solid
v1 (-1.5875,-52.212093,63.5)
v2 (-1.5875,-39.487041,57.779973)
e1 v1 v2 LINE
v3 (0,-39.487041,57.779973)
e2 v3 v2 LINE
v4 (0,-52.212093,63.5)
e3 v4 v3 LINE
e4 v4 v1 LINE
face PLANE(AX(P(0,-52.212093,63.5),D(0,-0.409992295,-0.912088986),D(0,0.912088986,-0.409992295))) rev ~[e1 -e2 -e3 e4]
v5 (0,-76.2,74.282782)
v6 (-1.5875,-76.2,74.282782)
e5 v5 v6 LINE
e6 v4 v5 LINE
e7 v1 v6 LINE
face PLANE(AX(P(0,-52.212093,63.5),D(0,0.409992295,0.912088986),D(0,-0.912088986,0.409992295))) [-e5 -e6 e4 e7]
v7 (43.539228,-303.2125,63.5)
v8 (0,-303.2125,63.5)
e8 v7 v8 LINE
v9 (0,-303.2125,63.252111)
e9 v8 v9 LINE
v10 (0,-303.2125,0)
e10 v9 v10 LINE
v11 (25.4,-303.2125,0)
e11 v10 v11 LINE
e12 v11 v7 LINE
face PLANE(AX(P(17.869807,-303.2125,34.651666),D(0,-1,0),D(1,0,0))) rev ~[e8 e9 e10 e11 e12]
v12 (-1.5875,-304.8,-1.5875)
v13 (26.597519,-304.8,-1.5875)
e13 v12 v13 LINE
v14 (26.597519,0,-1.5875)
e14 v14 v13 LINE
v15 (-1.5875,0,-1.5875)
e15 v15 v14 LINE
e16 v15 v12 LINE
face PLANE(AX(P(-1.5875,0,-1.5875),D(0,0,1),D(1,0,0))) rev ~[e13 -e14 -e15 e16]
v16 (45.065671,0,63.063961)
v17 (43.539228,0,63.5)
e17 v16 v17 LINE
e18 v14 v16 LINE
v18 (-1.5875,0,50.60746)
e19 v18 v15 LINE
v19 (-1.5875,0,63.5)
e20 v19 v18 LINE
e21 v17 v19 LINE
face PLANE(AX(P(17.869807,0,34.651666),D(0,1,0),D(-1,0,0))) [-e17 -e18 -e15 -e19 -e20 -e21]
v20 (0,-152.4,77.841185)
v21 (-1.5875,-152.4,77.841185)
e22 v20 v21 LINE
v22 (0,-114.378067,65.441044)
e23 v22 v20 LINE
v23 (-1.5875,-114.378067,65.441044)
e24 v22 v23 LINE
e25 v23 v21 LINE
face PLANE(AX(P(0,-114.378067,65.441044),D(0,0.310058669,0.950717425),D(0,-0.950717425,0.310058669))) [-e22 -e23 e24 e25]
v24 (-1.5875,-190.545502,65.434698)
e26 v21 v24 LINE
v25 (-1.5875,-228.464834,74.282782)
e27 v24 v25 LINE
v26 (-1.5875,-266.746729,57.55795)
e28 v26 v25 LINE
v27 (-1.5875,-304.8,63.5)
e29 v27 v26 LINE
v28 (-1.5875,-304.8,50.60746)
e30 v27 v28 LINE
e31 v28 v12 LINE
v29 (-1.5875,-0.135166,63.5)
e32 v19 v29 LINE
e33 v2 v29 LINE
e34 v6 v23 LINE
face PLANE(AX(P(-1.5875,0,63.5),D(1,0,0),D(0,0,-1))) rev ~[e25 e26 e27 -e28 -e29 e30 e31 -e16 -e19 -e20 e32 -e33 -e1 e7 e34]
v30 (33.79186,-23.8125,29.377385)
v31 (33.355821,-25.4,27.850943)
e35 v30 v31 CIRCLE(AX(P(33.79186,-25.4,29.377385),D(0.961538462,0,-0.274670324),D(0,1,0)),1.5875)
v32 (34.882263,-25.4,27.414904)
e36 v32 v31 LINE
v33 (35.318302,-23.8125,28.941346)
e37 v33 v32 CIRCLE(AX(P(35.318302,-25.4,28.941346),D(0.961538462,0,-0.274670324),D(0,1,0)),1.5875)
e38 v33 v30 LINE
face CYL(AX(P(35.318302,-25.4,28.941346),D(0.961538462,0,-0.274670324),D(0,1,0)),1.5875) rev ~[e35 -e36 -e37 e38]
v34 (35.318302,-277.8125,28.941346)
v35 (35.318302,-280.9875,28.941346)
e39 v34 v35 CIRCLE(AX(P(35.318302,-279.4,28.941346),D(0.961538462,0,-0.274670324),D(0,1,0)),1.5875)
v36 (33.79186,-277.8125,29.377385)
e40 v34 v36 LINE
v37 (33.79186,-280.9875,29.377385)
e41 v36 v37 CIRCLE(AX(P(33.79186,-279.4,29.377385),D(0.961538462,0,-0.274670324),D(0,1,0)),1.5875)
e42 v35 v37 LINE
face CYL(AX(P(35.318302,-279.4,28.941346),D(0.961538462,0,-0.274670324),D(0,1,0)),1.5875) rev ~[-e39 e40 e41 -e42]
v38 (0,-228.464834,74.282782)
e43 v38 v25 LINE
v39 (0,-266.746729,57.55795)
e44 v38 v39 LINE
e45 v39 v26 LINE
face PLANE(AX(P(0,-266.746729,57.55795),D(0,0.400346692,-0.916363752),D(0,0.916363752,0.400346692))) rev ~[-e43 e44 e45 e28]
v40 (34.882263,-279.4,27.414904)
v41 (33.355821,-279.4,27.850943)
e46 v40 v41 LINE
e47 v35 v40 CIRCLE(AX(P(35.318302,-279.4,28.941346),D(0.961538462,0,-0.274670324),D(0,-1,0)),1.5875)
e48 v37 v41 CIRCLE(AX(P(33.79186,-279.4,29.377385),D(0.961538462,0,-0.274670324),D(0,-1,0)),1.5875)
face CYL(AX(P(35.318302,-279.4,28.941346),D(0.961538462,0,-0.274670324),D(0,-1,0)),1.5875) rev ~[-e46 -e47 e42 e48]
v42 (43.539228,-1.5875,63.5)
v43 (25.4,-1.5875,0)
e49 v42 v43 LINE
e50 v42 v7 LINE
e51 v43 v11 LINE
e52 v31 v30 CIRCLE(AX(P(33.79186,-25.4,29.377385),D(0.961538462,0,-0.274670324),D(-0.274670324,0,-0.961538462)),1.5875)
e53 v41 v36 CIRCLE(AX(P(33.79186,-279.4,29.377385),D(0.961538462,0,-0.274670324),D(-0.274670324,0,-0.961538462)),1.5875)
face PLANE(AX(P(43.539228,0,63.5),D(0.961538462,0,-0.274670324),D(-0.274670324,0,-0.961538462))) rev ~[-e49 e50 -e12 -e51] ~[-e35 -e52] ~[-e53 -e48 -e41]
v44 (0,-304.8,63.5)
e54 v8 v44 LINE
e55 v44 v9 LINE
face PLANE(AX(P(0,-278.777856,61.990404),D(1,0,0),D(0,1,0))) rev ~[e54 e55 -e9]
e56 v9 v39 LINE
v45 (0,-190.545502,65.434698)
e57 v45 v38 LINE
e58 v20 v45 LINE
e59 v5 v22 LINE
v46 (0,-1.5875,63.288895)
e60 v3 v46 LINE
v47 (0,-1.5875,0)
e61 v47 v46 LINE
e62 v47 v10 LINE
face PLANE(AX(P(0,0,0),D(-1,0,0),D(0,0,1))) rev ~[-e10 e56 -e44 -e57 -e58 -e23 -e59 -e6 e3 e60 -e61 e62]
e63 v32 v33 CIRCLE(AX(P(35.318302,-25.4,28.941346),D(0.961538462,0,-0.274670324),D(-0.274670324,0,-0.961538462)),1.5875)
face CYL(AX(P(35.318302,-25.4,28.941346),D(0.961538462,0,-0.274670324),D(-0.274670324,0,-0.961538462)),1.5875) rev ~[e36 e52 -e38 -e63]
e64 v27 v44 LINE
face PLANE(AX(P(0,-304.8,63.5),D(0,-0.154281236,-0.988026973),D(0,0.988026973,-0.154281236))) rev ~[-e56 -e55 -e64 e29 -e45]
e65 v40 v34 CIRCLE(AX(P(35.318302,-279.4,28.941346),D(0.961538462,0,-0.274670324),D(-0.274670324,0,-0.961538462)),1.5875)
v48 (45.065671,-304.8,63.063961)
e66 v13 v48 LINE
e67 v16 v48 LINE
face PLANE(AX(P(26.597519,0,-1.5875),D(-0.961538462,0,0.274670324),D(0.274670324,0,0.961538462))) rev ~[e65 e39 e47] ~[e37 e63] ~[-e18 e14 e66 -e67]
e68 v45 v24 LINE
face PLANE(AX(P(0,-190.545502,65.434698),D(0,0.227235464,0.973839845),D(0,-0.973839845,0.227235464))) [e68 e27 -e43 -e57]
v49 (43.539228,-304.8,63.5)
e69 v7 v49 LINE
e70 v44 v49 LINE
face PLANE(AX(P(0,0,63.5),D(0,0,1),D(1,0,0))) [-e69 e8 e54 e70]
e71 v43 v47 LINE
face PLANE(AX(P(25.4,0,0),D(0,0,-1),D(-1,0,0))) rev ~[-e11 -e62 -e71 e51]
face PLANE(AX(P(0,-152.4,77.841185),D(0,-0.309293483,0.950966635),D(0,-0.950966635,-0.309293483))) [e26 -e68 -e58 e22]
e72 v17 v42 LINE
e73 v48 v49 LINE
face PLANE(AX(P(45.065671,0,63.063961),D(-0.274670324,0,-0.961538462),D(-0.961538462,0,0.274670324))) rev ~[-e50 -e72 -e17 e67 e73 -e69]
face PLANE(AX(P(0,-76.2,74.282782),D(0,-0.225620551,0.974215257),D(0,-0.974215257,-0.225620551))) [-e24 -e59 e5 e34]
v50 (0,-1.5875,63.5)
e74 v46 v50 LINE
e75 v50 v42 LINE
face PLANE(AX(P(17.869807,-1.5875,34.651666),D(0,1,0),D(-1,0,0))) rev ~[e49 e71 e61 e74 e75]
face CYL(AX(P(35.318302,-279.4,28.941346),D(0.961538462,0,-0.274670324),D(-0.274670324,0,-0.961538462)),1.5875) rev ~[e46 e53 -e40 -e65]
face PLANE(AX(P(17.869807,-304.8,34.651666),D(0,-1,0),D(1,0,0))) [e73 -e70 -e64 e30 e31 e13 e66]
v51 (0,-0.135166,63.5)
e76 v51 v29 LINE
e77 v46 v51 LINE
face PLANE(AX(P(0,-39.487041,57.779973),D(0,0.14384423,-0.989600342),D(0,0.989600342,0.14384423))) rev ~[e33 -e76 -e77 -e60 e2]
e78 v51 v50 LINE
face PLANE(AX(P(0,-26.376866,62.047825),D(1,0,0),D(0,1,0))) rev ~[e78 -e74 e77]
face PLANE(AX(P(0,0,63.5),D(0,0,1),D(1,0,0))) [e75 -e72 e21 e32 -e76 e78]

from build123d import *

# Parameters (mm, degrees)
F1_DEPTH  = 304.8
F4_DEPTH  = 1.5875
F6_DEPTH  = 1.5875
F8_DEPTH  = 25.4
F9_DEPTH  = 25.4
F10_DEPTH = 1.5875


with BuildPart() as f1:
    # F0 (on Front) → F1 (new body)
    with BuildSketch(Plane.XZ):
        Polygon((0, 0), (0, 63.5), (-1.5875, 63.5), (-1.5875, -1.5875), (26.5975192948, -1.5875), (45.0656705162, 63.0639608604), (43.5392282085, 63.5), (25.4, 0), align=None)
    extrude(amount=F1_DEPTH)

    # F3 (on face) → F4 (join)
    with BuildSketch(Plane.XZ.offset(304.8)):
        Polygon((43.5392282085, 63.5), (0, 63.5), (0, 0), (25.4, 0), align=None)
    extrude(amount=-F4_DEPTH)

    # F5 (on face) → F6 (join)
    with BuildSketch(Plane(origin=(0, 0, 0), x_dir=(-1, 0, 0), z_dir=(0, 1, 0))):
        Polygon((0, 63.5), (-43.5392282085, 63.5), (-25.4, 0), (0, 0), align=None)
    extrude(amount=-F6_DEPTH)

    # F7 (on face) → F8 (cut)
    with BuildSketch(Plane(origin=(25.0101701183, 0, -7.1443335954), x_dir=(0, 1, 0), z_dir=(0.9615384615, 0, -0.2746703242))):
        with BuildLine():
            ThreePointArc((-279.4, 35.9416069393), (-278.2774679849, 36.4065749241), (-277.8125, 37.5291069393))
            ThreePointArc((-277.8125, 37.5291069393), (-279.4, 39.1166069393), (-280.9875, 37.5291069393))
            ThreePointArc((-280.9875, 37.5291069393), (-280.5225320151, 36.4065749241), (-279.4, 35.9416069393))
        make_face()
        with BuildLine():
            ThreePointArc((-23.8125, 37.5291069393), (-26.5225320151, 38.6516389544), (-25.4, 35.9416069393))
            ThreePointArc((-25.4, 35.9416069393), (-24.2774679849, 36.4065749241), (-23.8125, 37.5291069393))
        make_face()
    extrude(amount=-F8_DEPTH, mode=Mode.SUBTRACT)

    # F2 (on face) → F9 (cut)
    with BuildSketch(Plane.YZ):
        Polygon((-52.2120932715, 63.5), (-39.4870413326, 57.779973409), (-0.1351656424, 63.5), align=None)
        Polygon((-304.8, 63.5), (-266.746729324, 57.5579500411), (-253.1458196474, 63.5), align=None)
    extrude(amount=-F9_DEPTH, mode=Mode.SUBTRACT)

    # F2 (on face) → F10 (join)
    with BuildSketch(Plane.YZ):
        Polygon((-0.1351656424, 63.5), (-39.4870413326, 57.779973409), (0, 63.5), align=None)
        with BuildLine():
            Line((-76.2, 50.6074602206), (0, 50.6074602206))
            ThreePointArc((0, 50.6074602206), (-19.6950538014, 54.4605428278), (-39.4870413326, 57.779973409))
            ThreePointArc((-39.4870413326, 57.779973409), (-57.8141368142, 60.3662538666), (-76.2, 62.4949413282))
            Line((-76.2, 62.4949413282), (-76.2, 50.6074602206))
        make_face()
        with BuildLine():
            Line((-152.4, 50.6074602206), (-76.2, 50.6074602206))
            Line((-76.2, 50.6074602206), (-76.2, 62.4949413282))
            ThreePointArc((-76.2, 62.4949413282), (-81.4321305003, 63.0160017697), (-86.6678194969, 63.5))
            Line((-86.6678194969, 63.5), (-152.4, 63.5))
            Line((-152.4, 63.5), (-152.4, 50.6074602206))
        make_face()
        with BuildLine():
            ThreePointArc((-76.2, 62.4949413282), (-57.8141368142, 60.3662538666), (-39.4870413326, 57.779973409))
            Line((-39.4870413326, 57.779973409), (-52.2120932715, 63.5))
            Line((-52.2120932715, 63.5), (-76.2, 74.2827822634))
            Line((-76.2, 74.2827822634), (-114.3780665248, 65.4410439145))
            ThreePointArc((-114.3780665248, 65.4410439145), (-100.5138654868, 64.6001122426), (-86.6678194969, 63.5))
            Line((-86.6678194969, 63.5), (-76.2, 63.5))
            Line((-76.2, 63.5), (-76.2, 62.4949413282))
        make_face()
        with BuildLine():
            Line((-228.693458648, 50.6074602206), (-152.4, 50.6074602206))
            Line((-152.4, 50.6074602206), (-152.4, 63.5))
            Line((-152.4, 63.5), (-152.4, 66.4151452364))
            ThreePointArc((-152.4, 66.4151452364), (-171.4790500008, 66.1699929381), (-190.545501947, 65.4346979192))
            ThreePointArc((-190.545501947, 65.4346979192), (-209.6384806919, 64.2057492114), (-228.693458648, 62.4852936405))
            Line((-228.693458648, 62.4852936405), (-228.693458648, 50.6074602206))
        make_face()
        with BuildLine():
            Line((-266.746729324, 50.6074602206), (-228.693458648, 50.6074602206))
            Line((-228.693458648, 50.6074602206), (-228.693458648, 62.4852936405))
            ThreePointArc((-228.693458648, 62.4852936405), (-247.7519270715, 60.2674648579), (-266.746729324, 57.5579500411))
            Line((-266.746729324, 57.5579500411), (-266.746729324, 50.6074602206))
        make_face()
        with BuildLine():
            Line((-152.4, 66.4151452364), (-152.4, 63.5))
            Line((-152.4, 63.5), (-86.6678194969, 63.5))
            ThreePointArc((-86.6678194969, 63.5), (-100.5138654868, 64.6001122426), (-114.3780665248, 65.4410439145))
            ThreePointArc((-114.3780665248, 65.4410439145), (-133.3827952989, 66.1715799592), (-152.4, 66.4151452364))
        make_face()
        with BuildLine():
            Line((-304.8, 50.6074602206), (-266.746729324, 50.6074602206))
            Line((-266.746729324, 50.6074602206), (-266.746729324, 57.5579500411))
            ThreePointArc((-266.746729324, 57.5579500411), (-285.818633363, 54.3305469631), (-304.8, 50.6074602206))
        make_face()
        with BuildLine():
            ThreePointArc((-266.746729324, 57.5579500411), (-247.7519270715, 60.2674648579), (-228.693458648, 62.4852936405))
            ThreePointArc((-228.693458648, 62.4852936405), (-209.6384806919, 64.2057492114), (-190.545501947, 65.4346979192))
            Line((-190.545501947, 65.4346979192), (-228.4648343576, 74.2827822634))
            Line((-228.4648343576, 74.2827822634), (-266.746729324, 57.5579500411))
        make_face()
        with BuildLine():
            Line((-152.4, 77.841184886), (-152.4, 66.4151452364))
            ThreePointArc((-152.4, 66.4151452364), (-133.3827952989, 66.1715799592), (-114.3780665248, 65.4410439145))
            Line((-114.3780665248, 65.4410439145), (-152.4, 77.841184886))
        make_face()
        with BuildLine():
            ThreePointArc((-190.545501947, 65.4346979192), (-171.4790500008, 66.1699929381), (-152.4, 66.4151452364))
            Line((-152.4, 66.4151452364), (-152.4, 77.841184886))
            Line((-152.4, 77.841184886), (-190.545501947, 65.4346979192))
        make_face()
    extrude(amount=-F10_DEPTH)


solid = f1.part
